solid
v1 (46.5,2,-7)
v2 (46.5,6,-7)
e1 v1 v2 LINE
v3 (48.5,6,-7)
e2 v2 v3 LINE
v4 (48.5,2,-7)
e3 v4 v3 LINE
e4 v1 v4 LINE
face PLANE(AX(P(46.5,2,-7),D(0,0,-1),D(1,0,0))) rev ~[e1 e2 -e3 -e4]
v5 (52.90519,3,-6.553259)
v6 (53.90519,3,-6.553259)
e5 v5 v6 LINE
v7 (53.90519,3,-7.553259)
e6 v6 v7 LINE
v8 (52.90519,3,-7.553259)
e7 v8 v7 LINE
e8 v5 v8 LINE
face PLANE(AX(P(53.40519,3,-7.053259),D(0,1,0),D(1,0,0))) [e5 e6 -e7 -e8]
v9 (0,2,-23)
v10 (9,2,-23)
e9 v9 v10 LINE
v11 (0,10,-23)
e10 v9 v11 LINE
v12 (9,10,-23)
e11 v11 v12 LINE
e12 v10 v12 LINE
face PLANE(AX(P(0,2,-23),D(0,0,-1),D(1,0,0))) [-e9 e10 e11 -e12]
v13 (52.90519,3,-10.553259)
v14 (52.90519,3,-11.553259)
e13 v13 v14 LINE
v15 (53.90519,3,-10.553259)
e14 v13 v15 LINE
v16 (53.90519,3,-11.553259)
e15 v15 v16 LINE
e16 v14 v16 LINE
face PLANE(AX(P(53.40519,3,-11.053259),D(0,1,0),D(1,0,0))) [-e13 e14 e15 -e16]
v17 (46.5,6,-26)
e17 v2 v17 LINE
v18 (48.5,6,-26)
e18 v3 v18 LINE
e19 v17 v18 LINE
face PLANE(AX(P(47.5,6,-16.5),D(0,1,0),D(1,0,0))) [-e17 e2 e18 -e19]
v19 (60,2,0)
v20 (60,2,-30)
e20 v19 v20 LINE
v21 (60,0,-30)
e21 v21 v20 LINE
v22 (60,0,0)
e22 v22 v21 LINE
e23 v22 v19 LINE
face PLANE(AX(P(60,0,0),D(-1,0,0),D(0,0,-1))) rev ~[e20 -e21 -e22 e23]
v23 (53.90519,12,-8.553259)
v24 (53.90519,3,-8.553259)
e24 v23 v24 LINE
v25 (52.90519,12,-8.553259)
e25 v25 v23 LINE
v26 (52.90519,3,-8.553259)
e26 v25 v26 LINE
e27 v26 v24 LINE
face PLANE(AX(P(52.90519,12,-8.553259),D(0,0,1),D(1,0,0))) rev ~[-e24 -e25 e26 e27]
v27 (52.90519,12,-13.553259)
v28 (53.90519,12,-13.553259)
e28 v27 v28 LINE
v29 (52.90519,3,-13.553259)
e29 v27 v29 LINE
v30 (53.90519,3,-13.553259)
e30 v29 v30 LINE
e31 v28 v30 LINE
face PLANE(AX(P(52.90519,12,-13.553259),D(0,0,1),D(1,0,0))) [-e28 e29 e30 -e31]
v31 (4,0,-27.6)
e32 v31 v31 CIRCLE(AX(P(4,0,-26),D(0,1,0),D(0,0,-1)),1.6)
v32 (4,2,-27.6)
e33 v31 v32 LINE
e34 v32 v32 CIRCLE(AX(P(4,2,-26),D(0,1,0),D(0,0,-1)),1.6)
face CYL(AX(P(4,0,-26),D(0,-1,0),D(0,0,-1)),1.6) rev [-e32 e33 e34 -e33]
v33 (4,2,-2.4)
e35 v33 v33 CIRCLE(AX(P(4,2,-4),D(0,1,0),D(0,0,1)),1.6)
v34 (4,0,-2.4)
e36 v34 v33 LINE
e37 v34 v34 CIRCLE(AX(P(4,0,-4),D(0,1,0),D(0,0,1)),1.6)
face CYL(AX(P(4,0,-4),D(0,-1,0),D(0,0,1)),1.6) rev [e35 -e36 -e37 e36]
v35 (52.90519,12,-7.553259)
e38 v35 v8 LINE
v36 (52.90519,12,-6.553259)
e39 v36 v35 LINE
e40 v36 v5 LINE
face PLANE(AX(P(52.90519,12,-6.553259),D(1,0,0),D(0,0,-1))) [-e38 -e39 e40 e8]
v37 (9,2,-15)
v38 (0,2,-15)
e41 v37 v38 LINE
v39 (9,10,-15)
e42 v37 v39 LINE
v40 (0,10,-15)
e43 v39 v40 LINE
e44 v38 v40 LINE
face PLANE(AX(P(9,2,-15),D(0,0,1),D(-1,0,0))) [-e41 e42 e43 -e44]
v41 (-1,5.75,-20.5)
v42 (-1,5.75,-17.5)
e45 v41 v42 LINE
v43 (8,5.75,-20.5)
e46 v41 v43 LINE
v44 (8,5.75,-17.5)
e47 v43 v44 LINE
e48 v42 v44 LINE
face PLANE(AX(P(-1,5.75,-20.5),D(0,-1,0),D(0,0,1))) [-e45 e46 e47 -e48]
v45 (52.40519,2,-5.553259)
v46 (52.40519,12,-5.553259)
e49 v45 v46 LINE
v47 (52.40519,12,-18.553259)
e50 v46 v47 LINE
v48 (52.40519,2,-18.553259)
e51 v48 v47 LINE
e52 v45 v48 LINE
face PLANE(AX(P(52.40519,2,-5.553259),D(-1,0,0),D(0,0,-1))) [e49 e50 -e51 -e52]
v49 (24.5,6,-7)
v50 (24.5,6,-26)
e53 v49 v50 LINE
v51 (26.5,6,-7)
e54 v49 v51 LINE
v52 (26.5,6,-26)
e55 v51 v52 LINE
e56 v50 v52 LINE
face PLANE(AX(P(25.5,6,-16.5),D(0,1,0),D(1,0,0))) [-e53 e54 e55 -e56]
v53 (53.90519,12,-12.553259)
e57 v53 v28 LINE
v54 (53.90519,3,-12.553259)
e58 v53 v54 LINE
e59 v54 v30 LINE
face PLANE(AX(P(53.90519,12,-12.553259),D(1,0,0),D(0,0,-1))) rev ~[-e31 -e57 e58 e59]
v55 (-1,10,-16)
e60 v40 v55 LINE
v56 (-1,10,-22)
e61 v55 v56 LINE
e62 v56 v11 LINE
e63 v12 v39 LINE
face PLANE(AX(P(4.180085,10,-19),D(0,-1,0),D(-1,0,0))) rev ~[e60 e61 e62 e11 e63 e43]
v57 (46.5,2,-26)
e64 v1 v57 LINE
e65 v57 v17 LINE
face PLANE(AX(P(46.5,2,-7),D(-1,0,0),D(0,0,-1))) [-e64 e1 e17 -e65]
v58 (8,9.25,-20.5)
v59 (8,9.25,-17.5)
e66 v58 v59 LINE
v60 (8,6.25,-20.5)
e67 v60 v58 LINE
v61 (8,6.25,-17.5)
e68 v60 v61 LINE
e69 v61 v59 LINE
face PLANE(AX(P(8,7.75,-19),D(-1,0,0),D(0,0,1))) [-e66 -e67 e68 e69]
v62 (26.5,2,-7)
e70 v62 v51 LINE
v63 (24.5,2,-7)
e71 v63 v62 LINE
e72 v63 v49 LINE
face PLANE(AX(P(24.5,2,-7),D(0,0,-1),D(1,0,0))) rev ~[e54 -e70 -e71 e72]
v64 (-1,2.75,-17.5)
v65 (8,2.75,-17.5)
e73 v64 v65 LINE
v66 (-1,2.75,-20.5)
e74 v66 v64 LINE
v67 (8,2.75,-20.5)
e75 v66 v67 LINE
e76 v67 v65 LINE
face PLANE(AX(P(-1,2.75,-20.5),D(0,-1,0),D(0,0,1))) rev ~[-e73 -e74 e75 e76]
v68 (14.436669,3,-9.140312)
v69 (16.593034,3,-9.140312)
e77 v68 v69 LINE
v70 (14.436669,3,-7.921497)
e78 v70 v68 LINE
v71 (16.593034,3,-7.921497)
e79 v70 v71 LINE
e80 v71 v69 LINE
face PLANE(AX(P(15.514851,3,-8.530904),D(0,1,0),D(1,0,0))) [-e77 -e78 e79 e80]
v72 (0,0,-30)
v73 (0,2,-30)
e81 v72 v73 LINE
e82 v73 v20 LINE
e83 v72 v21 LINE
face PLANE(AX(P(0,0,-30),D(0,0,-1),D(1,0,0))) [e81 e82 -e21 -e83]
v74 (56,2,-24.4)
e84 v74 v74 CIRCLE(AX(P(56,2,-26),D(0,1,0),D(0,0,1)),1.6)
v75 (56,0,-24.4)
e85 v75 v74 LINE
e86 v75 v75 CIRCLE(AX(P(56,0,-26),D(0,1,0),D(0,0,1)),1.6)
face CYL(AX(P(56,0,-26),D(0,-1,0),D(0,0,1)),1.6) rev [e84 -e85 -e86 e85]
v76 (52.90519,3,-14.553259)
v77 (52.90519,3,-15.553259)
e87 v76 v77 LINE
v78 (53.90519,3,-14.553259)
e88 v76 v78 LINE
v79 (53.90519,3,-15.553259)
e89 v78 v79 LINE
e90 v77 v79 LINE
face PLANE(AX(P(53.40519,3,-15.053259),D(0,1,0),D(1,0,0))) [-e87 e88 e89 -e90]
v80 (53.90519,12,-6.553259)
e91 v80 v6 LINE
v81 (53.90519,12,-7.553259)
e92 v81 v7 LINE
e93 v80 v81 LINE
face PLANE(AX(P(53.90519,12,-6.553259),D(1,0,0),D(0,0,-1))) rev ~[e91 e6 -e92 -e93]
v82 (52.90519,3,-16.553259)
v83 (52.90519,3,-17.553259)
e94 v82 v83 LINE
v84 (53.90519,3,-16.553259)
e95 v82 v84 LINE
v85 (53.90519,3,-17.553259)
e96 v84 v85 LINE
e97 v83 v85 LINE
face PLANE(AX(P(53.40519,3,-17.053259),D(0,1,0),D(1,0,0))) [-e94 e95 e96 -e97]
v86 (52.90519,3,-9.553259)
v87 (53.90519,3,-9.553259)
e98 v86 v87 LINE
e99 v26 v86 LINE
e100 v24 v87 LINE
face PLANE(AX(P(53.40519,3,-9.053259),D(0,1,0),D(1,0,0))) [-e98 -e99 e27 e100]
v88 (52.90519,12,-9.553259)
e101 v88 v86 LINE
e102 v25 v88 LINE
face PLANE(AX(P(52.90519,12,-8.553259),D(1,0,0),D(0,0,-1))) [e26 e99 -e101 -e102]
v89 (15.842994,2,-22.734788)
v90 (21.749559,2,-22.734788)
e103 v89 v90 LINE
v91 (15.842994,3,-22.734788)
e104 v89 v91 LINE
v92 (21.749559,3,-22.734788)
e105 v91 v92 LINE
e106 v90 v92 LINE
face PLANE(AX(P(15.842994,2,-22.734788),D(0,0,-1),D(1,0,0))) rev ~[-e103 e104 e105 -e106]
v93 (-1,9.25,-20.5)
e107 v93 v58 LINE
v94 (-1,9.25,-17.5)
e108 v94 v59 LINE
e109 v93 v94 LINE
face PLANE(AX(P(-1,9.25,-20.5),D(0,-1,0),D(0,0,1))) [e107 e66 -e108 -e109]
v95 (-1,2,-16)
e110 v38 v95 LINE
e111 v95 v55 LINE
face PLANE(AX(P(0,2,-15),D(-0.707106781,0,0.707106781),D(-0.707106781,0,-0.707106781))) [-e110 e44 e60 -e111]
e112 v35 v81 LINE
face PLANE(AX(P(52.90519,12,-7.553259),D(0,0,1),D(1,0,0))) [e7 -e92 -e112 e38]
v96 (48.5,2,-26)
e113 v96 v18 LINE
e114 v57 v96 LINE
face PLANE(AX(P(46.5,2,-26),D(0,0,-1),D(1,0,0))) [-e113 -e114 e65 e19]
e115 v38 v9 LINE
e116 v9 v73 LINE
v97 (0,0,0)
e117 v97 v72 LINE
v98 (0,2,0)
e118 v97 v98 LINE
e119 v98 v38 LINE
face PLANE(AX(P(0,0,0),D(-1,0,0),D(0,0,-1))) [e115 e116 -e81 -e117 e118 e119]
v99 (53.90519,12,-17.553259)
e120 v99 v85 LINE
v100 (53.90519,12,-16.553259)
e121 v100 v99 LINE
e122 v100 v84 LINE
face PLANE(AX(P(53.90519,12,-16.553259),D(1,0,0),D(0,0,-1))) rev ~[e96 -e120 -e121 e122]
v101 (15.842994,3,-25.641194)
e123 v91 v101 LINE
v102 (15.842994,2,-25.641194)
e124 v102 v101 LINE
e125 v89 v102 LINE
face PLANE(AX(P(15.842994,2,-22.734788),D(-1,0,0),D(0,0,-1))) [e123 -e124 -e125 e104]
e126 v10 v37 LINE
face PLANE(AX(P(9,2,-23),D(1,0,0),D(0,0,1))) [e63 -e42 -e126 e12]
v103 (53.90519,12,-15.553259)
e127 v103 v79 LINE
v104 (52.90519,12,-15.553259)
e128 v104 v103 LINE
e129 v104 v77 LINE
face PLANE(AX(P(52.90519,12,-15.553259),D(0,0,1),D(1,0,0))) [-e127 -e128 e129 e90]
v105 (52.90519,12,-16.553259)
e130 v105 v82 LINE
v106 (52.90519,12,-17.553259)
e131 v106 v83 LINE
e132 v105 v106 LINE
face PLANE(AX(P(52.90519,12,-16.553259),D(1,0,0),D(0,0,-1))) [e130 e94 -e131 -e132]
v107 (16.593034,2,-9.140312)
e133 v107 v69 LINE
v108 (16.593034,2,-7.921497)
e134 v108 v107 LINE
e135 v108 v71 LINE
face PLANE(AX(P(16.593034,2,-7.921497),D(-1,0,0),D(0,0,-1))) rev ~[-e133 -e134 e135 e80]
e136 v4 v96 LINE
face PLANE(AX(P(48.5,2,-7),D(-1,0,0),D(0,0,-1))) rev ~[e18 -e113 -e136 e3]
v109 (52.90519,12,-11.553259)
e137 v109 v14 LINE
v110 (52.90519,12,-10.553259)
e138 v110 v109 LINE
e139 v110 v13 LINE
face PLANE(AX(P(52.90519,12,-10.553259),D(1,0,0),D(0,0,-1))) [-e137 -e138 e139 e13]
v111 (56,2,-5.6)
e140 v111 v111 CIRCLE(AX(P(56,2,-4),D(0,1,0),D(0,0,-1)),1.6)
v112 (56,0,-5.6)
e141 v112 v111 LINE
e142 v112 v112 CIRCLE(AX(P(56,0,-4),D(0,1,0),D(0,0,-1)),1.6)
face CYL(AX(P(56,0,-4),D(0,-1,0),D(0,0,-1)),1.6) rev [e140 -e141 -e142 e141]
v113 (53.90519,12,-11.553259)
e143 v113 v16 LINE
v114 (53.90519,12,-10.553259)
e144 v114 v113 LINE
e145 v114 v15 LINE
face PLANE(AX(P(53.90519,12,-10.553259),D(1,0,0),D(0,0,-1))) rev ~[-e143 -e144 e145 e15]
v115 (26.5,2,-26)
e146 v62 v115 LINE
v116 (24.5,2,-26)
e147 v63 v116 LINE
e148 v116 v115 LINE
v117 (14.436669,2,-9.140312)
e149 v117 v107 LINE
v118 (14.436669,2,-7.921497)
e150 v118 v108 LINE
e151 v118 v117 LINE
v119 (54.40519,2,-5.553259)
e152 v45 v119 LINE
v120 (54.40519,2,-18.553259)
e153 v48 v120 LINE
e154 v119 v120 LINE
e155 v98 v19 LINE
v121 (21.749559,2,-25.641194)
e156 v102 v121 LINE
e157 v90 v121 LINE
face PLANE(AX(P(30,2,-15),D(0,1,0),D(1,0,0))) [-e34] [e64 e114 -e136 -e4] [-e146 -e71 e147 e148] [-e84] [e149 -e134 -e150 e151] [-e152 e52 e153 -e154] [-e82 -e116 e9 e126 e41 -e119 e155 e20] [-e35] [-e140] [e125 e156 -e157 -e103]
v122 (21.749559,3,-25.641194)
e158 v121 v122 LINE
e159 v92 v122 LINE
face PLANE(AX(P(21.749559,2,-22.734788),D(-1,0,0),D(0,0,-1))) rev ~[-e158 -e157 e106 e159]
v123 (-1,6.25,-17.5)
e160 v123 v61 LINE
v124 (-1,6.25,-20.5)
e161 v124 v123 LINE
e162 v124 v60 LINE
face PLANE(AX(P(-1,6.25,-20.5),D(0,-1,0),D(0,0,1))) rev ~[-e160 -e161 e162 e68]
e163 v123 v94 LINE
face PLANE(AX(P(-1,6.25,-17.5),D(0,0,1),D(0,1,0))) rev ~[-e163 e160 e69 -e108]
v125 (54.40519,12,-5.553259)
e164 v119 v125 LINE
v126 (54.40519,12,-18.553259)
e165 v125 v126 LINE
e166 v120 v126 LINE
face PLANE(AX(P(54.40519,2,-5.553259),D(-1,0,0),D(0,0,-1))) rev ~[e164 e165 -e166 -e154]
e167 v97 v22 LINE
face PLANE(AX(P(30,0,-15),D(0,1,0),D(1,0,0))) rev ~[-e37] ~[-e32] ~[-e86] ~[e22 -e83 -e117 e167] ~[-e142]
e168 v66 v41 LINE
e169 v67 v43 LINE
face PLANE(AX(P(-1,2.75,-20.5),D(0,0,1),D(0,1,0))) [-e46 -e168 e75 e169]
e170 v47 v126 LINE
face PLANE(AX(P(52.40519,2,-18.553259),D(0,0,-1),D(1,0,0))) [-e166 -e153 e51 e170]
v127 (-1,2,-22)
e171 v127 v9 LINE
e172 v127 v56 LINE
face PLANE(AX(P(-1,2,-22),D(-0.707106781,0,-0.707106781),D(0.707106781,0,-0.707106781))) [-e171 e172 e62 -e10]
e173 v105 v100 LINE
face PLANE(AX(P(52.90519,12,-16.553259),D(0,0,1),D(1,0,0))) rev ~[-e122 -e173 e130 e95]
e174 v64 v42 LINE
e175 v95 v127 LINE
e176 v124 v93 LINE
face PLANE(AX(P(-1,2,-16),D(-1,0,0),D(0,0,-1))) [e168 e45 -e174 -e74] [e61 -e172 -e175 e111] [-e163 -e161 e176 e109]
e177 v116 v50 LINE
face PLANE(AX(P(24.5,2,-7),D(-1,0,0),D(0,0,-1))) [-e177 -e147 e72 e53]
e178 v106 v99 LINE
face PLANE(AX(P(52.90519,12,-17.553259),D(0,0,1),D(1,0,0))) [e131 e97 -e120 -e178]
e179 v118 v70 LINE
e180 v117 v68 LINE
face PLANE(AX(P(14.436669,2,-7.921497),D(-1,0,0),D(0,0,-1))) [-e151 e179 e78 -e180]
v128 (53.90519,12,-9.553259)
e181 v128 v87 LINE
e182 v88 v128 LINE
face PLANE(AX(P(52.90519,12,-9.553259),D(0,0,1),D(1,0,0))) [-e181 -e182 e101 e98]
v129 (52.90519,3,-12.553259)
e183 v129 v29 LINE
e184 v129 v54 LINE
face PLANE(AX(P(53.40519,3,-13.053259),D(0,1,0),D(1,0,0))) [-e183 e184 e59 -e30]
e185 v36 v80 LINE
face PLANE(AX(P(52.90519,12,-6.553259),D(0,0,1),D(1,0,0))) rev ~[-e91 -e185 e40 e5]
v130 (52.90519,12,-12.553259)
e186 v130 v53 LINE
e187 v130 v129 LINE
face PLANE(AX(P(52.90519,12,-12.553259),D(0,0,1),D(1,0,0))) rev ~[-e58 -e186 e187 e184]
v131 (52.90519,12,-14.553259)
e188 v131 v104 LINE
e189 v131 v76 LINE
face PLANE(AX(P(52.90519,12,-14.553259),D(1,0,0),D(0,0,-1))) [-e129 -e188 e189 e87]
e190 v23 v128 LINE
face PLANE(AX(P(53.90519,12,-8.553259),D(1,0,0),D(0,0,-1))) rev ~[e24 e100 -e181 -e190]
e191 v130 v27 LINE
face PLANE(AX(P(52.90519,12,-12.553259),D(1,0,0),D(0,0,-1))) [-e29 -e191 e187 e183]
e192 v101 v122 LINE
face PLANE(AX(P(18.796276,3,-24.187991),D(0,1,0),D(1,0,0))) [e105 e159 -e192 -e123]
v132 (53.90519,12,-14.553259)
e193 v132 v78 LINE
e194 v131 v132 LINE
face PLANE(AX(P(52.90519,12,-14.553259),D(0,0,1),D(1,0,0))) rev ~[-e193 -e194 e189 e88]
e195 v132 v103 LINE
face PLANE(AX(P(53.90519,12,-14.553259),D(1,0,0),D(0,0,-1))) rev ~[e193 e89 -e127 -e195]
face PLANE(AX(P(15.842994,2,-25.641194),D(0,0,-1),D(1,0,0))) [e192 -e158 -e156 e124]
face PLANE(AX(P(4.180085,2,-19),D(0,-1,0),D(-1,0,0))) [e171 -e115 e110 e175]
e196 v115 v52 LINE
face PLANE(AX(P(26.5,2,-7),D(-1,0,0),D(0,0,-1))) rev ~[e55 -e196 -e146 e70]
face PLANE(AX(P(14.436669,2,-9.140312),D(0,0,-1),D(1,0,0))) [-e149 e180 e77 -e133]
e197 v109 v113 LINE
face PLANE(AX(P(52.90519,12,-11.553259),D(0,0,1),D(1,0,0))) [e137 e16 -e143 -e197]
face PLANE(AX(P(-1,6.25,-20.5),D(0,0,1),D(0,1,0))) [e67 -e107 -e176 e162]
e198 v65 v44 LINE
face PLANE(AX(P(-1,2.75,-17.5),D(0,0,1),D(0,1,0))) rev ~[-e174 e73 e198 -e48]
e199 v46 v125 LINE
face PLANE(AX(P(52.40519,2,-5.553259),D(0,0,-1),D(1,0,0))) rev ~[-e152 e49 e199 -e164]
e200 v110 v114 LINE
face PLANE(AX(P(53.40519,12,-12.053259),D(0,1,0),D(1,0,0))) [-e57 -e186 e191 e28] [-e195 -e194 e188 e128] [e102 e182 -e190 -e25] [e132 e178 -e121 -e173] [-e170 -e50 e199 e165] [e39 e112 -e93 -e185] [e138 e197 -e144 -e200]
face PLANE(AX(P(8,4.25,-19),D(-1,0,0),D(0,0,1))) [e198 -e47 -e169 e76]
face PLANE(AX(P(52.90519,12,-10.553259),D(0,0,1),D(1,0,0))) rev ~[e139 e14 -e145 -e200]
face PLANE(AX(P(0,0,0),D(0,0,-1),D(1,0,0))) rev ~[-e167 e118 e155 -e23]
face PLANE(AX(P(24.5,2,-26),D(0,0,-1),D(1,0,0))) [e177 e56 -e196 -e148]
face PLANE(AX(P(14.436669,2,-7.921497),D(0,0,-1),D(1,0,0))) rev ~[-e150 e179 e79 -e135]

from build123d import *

# Parameters (mm, degrees)
SKETCH1_W           = 60
SKETCH1_H           = 30
SKETCH1_R           = 1.6
BOSS_EXTRUDE1_DEPTH = 2
SKETCH2_W           = 2
SKETCH2_H           = 19
BOSS_EXTRUDE2_DEPTH = 4
SKETCH3_W           = 2
SKETCH3_H           = 13
BOSS_EXTRUDE3_DEPTH = 10
SKETCH4_W           = 5.906565556
SKETCH4_H           = 2.906405273
SKETCH4_W_2         = 2.156365203
SKETCH4_H_2         = 1.218815115
BOSS_EXTRUDE4_DEPTH = 1
BOSS_EXTRUDE5_DEPTH = 8
SKETCH7_W           = 3
SKETCH7_H           = 3
CUT_EXTRUDE1_DEPTH  = 9
SKETCH9_W           = 1
SKETCH9_H           = 1
CUT_EXTRUDE2_DEPTH  = 9


with BuildPart() as part:
    # Sketch1 → Boss-Extrude1 (new body)
    with BuildSketch(Plane(origin=(0, 0, 0), x_dir=(1, 0, 0), z_dir=(0, 1, 0))):
        with Locations((30, 15)):
            Rectangle(SKETCH1_W, SKETCH1_H)
        with Locations(Location((4, 4, 0), (0, 0, 270))):
            Circle(SKETCH1_R, mode=Mode.SUBTRACT)
        with Locations(Location((4, 26, 0), (0, 0, 90))):
            Circle(SKETCH1_R, mode=Mode.SUBTRACT)
        with Locations(Location((56, 26, 0), (0, 0, 270))):
            Circle(SKETCH1_R, mode=Mode.SUBTRACT)
        with Locations(Location((56, 4, 0), (0, 0, 90))):
            Circle(SKETCH1_R, mode=Mode.SUBTRACT)
    extrude(amount=BOSS_EXTRUDE1_DEPTH)

    # Sketch2 → Boss-Extrude2 (add)
    with BuildSketch(Plane(origin=(0, 2, 0), x_dir=(1, 0, 0), z_dir=(0, 1, 0))):
        with Locations((25.5, 16.5)):
            Rectangle(SKETCH2_W, SKETCH2_H)
        with Locations((47.5, 16.5)):
            Rectangle(SKETCH2_W, SKETCH2_H)
    extrude(amount=BOSS_EXTRUDE2_DEPTH)

    # Sketch3 → Boss-Extrude3 (add)
    with BuildSketch(Plane(origin=(0, 2, 0), x_dir=(1, 0, 0), z_dir=(0, 1, 0))):
        with Locations((53.405190381, 12.053258952)):
            Rectangle(SKETCH3_W, SKETCH3_H)
    extrude(amount=BOSS_EXTRUDE3_DEPTH)

    # Sketch4 → Boss-Extrude4 (add)
    with BuildSketch(Plane(origin=(0, 2, 0), x_dir=(1, 0, 0), z_dir=(0, 1, 0))):
        with Locations((18.796276446, 24.187990865)):
            Rectangle(SKETCH4_W, SKETCH4_H)
        with Locations((15.514851138, 8.530904392)):
            Rectangle(SKETCH4_W_2, SKETCH4_H_2)
    extrude(amount=BOSS_EXTRUDE4_DEPTH)

    # Sketch6 → Boss-Extrude5 (add)
    with BuildSketch(Plane(origin=(0, 2, 0), x_dir=(1, 0, 0), z_dir=(0, 1, 0))):
        Polygon((9, 23), (9, 15), (0, 15), (-1, 16), (-1, 22), (0, 23), align=None)
    extrude(amount=BOSS_EXTRUDE5_DEPTH)

    # Sketch7 → Cut-Extrude1 (cut)
    with BuildSketch(Plane.ZY.offset(1)):
        with Locations((-19, 7.75)):
            Rectangle(SKETCH7_W, SKETCH7_H)
        with Locations((-19, 4.25)):
            Rectangle(SKETCH7_W, SKETCH7_H)
    extrude(amount=-CUT_EXTRUDE1_DEPTH, mode=Mode.SUBTRACT)

    # Sketch9 → Cut-Extrude2 (cut)
    with BuildSketch(Plane(origin=(0, 12, 0), x_dir=(1, 0, 0), z_dir=(0, 1, 0))):
        with Locations((53.405190381, 13.053258952)):
            Rectangle(SKETCH9_W, SKETCH9_H)
        with Locations((53.405190381, 17.053258952)):
            Rectangle(SKETCH9_W, SKETCH9_H)
        with Locations((53.405190381, 15.053258952)):
            Rectangle(SKETCH9_W, SKETCH9_H)
        with Locations((53.405190381, 11.053258952)):
            Rectangle(SKETCH9_W, SKETCH9_H)
        with Locations((53.405190381, 9.053258952)):
            Rectangle(SKETCH9_W, SKETCH9_H)
        with Locations((53.405190381, 7.053258952)):
            Rectangle(SKETCH9_W, SKETCH9_H)
    extrude(amount=-CUT_EXTRUDE2_DEPTH, mode=Mode.SUBTRACT)


solid = part.part
